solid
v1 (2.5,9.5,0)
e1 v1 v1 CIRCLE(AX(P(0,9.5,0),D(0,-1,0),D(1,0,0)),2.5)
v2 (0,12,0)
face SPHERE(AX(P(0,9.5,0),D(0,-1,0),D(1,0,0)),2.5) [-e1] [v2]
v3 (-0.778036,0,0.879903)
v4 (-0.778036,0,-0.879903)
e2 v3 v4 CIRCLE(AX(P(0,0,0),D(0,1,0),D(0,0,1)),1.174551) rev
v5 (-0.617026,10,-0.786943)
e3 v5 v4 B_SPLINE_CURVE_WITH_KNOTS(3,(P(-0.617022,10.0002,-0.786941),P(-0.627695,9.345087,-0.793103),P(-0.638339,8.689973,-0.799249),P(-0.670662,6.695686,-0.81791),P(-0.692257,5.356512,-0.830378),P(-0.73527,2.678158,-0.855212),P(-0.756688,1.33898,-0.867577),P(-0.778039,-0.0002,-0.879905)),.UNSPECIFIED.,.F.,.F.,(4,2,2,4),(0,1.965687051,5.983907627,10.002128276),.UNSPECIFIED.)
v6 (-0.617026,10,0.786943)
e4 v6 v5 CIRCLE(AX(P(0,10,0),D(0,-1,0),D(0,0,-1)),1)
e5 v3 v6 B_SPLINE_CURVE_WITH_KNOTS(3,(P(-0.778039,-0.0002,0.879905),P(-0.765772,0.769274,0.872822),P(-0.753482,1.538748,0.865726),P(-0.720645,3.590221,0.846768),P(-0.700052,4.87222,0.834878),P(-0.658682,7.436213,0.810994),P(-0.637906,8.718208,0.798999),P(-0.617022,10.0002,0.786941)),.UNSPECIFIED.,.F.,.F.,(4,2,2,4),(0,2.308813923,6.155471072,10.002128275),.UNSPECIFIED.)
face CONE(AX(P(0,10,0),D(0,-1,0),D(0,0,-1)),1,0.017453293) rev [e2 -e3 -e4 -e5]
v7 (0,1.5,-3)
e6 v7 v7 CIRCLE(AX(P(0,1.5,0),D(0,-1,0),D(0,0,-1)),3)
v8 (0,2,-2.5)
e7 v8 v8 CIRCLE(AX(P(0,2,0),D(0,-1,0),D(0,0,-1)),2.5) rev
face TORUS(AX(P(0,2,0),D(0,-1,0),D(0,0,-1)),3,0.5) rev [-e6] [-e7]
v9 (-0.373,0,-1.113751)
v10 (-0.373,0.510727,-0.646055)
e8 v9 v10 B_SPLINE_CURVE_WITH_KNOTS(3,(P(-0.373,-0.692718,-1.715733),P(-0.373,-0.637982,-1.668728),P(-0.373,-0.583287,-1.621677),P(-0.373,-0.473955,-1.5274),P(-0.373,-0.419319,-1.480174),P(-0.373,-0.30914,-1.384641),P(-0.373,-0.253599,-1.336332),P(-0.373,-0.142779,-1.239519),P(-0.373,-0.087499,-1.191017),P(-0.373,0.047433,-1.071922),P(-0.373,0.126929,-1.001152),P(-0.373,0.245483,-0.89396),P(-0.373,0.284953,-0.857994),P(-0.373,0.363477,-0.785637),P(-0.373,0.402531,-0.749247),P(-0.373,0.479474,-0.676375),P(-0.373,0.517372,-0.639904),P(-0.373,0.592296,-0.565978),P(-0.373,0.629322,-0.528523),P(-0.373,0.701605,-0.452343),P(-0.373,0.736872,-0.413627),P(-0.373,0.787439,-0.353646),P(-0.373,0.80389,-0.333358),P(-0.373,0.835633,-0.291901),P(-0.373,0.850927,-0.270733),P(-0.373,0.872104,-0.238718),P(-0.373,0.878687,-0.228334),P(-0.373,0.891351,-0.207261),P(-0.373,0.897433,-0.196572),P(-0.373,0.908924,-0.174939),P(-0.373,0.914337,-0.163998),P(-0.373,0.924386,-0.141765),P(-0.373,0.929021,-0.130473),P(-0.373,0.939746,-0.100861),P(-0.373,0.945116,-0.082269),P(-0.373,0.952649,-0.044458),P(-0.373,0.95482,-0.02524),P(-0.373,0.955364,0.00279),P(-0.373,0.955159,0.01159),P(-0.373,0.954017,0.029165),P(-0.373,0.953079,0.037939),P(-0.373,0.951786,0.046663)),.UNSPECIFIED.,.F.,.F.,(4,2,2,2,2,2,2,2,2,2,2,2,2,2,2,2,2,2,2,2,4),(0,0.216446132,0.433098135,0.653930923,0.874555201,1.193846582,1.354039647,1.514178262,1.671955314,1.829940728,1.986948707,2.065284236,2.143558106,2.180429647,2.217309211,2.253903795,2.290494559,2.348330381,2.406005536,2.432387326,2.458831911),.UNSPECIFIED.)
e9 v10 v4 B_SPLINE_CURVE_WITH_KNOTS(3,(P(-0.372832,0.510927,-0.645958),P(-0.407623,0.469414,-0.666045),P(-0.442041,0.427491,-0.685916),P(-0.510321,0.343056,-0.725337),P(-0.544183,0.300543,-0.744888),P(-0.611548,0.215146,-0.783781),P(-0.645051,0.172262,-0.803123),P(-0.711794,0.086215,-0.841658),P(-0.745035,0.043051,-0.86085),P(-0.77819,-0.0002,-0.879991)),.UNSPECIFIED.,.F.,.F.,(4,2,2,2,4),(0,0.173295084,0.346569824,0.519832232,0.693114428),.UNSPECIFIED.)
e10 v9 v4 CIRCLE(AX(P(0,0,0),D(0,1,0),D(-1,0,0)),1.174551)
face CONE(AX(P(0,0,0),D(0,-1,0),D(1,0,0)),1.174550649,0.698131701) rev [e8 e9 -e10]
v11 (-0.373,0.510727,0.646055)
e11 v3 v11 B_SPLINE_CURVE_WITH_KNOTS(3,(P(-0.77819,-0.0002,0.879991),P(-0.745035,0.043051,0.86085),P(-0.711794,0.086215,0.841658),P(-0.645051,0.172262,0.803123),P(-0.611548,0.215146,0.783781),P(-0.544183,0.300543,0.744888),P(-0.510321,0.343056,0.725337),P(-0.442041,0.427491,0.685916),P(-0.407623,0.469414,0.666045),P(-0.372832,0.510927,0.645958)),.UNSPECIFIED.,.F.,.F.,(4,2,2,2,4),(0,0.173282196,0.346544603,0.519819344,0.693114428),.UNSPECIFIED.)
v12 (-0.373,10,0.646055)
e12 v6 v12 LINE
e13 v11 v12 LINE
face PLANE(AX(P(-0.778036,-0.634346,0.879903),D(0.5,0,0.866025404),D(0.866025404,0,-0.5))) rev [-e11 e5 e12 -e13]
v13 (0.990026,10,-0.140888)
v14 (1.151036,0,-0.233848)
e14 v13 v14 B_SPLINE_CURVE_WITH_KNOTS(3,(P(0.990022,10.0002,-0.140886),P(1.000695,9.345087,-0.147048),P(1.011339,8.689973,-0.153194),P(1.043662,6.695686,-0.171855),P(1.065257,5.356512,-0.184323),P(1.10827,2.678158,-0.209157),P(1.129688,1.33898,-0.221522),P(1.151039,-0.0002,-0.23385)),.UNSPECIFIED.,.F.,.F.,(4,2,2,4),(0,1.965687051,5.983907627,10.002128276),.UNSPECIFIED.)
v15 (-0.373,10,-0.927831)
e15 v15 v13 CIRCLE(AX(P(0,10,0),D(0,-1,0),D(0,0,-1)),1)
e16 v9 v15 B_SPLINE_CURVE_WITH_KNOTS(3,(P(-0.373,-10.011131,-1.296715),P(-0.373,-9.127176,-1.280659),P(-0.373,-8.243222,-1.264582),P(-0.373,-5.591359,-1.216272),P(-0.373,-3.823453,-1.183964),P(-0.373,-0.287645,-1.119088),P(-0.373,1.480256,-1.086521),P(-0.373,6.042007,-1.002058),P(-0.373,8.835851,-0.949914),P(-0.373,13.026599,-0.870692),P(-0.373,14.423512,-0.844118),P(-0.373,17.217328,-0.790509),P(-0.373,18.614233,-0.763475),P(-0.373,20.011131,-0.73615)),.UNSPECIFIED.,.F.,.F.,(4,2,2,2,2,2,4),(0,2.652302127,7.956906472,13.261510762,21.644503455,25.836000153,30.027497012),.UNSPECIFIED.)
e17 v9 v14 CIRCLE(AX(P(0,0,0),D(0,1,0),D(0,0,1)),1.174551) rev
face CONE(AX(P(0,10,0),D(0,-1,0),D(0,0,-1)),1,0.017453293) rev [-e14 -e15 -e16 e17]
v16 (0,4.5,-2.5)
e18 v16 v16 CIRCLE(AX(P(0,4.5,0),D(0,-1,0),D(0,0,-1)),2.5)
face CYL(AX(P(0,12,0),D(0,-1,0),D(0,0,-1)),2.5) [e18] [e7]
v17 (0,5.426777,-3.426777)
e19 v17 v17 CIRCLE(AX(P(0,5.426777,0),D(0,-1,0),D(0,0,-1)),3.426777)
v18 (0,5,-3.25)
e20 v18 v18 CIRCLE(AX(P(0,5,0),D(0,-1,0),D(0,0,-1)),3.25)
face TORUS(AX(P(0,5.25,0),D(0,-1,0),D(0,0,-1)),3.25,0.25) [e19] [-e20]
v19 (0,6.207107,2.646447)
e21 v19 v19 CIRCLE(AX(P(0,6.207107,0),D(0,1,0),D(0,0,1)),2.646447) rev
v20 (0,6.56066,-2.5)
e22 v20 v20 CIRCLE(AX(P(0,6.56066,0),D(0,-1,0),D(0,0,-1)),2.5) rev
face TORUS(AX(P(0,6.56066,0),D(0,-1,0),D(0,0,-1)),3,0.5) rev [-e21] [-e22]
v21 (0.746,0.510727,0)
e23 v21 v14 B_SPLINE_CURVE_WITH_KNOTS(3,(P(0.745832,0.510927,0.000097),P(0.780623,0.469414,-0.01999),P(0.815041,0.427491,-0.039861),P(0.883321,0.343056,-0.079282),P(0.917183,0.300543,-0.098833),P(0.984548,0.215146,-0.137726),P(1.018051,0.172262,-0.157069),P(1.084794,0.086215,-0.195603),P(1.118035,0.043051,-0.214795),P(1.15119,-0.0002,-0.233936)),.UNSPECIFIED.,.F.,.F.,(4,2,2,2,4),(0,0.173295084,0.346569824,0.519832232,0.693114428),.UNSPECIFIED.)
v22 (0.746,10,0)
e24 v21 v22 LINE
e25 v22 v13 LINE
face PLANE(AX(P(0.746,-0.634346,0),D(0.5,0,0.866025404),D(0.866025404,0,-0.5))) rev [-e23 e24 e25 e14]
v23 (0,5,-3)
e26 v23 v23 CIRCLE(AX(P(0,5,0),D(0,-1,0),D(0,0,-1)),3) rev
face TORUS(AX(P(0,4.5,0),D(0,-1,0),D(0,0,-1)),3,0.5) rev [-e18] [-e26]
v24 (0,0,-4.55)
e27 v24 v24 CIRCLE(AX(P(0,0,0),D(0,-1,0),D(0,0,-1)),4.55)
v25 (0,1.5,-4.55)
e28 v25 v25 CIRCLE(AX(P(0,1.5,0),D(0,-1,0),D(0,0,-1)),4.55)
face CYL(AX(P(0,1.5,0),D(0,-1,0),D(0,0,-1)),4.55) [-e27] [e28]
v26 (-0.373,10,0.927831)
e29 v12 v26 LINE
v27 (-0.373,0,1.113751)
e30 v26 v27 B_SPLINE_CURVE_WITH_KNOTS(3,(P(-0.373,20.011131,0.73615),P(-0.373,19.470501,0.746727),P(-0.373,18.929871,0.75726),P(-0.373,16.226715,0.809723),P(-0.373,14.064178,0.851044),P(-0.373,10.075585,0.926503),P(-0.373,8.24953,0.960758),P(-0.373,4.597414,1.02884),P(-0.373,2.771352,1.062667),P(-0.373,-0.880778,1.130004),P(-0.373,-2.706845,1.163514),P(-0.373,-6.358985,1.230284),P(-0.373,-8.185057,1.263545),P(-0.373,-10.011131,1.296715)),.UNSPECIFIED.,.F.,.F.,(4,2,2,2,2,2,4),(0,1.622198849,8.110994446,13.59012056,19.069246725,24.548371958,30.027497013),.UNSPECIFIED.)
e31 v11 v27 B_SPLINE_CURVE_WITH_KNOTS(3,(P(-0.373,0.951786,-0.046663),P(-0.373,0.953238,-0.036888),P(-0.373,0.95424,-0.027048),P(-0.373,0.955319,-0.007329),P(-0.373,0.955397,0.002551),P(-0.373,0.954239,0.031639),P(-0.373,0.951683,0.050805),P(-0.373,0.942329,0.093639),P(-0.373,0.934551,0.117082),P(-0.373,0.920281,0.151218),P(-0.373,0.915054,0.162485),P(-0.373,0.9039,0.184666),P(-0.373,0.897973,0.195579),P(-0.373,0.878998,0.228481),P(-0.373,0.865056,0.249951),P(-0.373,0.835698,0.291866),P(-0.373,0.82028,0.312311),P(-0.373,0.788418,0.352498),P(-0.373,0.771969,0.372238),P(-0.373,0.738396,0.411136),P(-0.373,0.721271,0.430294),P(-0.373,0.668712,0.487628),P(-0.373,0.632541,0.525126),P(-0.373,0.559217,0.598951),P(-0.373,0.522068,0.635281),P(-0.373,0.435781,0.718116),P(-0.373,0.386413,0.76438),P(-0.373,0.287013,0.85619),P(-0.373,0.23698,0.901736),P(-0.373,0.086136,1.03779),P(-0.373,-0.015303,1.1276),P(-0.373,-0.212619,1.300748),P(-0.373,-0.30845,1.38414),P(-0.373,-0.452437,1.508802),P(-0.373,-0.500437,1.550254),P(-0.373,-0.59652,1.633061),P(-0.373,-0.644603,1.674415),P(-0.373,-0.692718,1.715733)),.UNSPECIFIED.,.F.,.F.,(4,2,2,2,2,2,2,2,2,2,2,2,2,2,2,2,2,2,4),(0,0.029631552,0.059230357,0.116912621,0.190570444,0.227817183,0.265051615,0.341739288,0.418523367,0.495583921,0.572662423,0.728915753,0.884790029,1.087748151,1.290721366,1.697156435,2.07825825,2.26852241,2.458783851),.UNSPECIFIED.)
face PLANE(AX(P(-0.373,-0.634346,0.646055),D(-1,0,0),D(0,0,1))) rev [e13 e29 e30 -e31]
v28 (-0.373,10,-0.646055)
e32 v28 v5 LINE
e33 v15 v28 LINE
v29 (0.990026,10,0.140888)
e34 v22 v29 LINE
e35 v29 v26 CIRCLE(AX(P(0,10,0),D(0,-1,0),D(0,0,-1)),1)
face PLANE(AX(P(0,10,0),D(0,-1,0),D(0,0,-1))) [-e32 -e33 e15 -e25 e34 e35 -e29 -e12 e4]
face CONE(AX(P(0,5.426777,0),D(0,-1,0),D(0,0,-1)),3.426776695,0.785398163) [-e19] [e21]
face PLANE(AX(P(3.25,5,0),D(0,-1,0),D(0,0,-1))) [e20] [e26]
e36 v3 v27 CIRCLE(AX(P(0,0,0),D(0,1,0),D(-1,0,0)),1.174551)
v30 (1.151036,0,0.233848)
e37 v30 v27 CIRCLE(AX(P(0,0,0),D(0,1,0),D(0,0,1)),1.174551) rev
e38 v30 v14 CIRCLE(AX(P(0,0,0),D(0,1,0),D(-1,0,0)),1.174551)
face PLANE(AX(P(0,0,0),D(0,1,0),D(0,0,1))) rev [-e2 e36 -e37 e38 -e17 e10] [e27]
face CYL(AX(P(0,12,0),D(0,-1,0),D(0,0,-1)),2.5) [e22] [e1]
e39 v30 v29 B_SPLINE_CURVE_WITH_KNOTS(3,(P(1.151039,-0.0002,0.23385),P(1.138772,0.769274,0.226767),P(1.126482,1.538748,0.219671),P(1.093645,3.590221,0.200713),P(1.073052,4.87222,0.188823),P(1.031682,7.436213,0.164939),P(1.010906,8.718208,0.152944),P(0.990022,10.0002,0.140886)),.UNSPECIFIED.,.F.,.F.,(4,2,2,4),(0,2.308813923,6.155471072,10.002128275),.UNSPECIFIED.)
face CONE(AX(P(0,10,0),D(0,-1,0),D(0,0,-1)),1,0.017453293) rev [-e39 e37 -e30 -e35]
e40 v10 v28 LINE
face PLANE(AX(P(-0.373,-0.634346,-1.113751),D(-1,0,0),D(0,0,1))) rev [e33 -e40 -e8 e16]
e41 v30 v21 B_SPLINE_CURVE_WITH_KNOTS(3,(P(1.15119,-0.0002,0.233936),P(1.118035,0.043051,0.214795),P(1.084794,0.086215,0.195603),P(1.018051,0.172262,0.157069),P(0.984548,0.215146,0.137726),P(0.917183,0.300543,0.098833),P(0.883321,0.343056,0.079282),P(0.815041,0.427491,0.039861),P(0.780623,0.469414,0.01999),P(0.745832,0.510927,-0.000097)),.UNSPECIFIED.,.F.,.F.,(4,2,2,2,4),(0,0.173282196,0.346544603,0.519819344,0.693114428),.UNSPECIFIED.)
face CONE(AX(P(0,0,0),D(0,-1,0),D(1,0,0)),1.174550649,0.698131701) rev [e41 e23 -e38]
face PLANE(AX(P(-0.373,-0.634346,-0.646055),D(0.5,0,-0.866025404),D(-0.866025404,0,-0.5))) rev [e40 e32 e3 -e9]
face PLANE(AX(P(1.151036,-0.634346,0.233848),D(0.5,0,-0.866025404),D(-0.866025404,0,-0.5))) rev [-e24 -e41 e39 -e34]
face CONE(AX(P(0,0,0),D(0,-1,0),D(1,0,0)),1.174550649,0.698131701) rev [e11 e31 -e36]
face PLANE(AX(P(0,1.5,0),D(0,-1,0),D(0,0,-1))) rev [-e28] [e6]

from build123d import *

# Parameters (mm, degrees)
SKETCH1_R           = 2.5
BOSS_EXTRUDE1_DEPTH = 12
SKETCH6_R           = 4.55
BOSS_EXTRUDE3_DEPTH = 1.5
SKETCH2_R           = 1
CUT_EXTRUDE1_DEPTH  = 10
DRAFT1_ANGLE        = 1
BOSS_EXTRUDE2_DEPTH = 10
FILLET1_R           = 0.5


with BuildPart() as part:
    # Sketch1 → Boss-Extrude1 (new body)
    with BuildSketch(Plane(origin=(0, 0, 0), x_dir=(1, 0, 0), z_dir=(0, 1, 0))):
        Circle(SKETCH1_R)
    extrude(amount=BOSS_EXTRUDE1_DEPTH)

    # Sketch6 → Boss-Extrude3 (add)
    with BuildSketch(Plane.XZ):
        Circle(SKETCH6_R)
    extrude(amount=-BOSS_EXTRUDE3_DEPTH)

    # Sketch8 → Revolve1 (revolve)
    with BuildSketch(Plane.XY):
        with BuildLine():
            Line((2.5, 6.353553391), (3.426776695, 5.426776695))
            ThreePointArc((3.426776695, 5.426776695), (3.480969883, 5.154329142), (3.25, 5))
            Line((3.25, 5), (2.5, 5))
            Line((2.5, 5), (2.5, 6.353553391))
        make_face()
    revolve(axis=Axis((0, 0, 0), (0, 1, 0)))

    # Sketch2 → Cut-Extrude1 (cut)
    with BuildSketch(Plane.XZ):
        Circle(SKETCH2_R)
    extrude(amount=-CUT_EXTRUDE1_DEPTH, mode=Mode.SUBTRACT)

    # Draft1
    draft1_faces = [part.faces().sort_by_distance(p)[0] for p in [
        (-1, 5, 0),
    ]]
    draft(draft1_faces, Plane(origin=(0, 10, 0), x_dir=(0, 0, -1), z_dir=(0, -1, 0)), DRAFT1_ANGLE)

    # Sketch7 → Cut-Revolve3 (revolve, cut)
    with BuildSketch(Plane.XY):
        with BuildLine():
            Line((2.5, 9.5), (3.080651327, 9.5))
            Line((3.080651327, 9.5), (3.080651327, 12.580651327))
            Line((3.080651327, 12.580651327), (0, 12.580651327))
            Line((0, 12.580651327), (0, 12))
            ThreePointArc((0, 12), (1.767766953, 11.267766953), (2.5, 9.5))
        make_face()
    revolve(axis=Axis((0, 9.5, 0), (0, 1, 0)), mode=Mode.SUBTRACT)

    # Sketch3 → Boss-Extrude2 (add)
    with BuildSketch(Plane.XZ.offset(-10)):
        with BuildLine():
            Line((1.151036246, 0.233847786), (0.746, 0))
            Line((0.746, 0), (1.151036246, -0.233847786))
            ThreePointArc((1.151036246, -0.233847786), (1.174550649, 0), (1.151036246, 0.233847786))
        make_face()
        with BuildLine():
            Line((-0.373, -1.113750523), (-0.373, -0.646054951))
            Line((-0.373, -0.646054951), (-0.778036246, -0.879902737))
            ThreePointArc((-0.778036246, -0.879902737), (-0.587275325, -1.0171907), (-0.373, -1.113750523))
        make_face()
        with BuildLine():
            Line((-0.778036246, 0.879902737), (-0.373, 0.646054951))
            Line((-0.373, 0.646054951), (-0.373, 1.113750523))
            ThreePointArc((-0.373, 1.113750523), (-0.587275325, 1.0171907), (-0.778036246, 0.879902737))
        make_face()
    extrude(amount=BOSS_EXTRUDE2_DEPTH)

    # Sketch4 → Cut-Revolve1 (revolve, cut)
    with BuildSketch(Plane.XY):
        Polygon((1.174550649, 0), (0.746, 0.510726776), (0, 0.510726776), (0, 0), align=None)
    revolve(axis=Axis((0, 0.510726776, 0), (0, -1, 0)), mode=Mode.SUBTRACT)

    # Fillet1
    fillet1_edges = [part.edges().sort_by_distance(p)[0] for p in [
        (-2.5, 5, 0),
        (-2.5, 6.353553391, 0),
        (-2.5, 1.5, 0),
    ]]
    fillet(fillet1_edges, radius=FILLET1_R)


solid = part.part
